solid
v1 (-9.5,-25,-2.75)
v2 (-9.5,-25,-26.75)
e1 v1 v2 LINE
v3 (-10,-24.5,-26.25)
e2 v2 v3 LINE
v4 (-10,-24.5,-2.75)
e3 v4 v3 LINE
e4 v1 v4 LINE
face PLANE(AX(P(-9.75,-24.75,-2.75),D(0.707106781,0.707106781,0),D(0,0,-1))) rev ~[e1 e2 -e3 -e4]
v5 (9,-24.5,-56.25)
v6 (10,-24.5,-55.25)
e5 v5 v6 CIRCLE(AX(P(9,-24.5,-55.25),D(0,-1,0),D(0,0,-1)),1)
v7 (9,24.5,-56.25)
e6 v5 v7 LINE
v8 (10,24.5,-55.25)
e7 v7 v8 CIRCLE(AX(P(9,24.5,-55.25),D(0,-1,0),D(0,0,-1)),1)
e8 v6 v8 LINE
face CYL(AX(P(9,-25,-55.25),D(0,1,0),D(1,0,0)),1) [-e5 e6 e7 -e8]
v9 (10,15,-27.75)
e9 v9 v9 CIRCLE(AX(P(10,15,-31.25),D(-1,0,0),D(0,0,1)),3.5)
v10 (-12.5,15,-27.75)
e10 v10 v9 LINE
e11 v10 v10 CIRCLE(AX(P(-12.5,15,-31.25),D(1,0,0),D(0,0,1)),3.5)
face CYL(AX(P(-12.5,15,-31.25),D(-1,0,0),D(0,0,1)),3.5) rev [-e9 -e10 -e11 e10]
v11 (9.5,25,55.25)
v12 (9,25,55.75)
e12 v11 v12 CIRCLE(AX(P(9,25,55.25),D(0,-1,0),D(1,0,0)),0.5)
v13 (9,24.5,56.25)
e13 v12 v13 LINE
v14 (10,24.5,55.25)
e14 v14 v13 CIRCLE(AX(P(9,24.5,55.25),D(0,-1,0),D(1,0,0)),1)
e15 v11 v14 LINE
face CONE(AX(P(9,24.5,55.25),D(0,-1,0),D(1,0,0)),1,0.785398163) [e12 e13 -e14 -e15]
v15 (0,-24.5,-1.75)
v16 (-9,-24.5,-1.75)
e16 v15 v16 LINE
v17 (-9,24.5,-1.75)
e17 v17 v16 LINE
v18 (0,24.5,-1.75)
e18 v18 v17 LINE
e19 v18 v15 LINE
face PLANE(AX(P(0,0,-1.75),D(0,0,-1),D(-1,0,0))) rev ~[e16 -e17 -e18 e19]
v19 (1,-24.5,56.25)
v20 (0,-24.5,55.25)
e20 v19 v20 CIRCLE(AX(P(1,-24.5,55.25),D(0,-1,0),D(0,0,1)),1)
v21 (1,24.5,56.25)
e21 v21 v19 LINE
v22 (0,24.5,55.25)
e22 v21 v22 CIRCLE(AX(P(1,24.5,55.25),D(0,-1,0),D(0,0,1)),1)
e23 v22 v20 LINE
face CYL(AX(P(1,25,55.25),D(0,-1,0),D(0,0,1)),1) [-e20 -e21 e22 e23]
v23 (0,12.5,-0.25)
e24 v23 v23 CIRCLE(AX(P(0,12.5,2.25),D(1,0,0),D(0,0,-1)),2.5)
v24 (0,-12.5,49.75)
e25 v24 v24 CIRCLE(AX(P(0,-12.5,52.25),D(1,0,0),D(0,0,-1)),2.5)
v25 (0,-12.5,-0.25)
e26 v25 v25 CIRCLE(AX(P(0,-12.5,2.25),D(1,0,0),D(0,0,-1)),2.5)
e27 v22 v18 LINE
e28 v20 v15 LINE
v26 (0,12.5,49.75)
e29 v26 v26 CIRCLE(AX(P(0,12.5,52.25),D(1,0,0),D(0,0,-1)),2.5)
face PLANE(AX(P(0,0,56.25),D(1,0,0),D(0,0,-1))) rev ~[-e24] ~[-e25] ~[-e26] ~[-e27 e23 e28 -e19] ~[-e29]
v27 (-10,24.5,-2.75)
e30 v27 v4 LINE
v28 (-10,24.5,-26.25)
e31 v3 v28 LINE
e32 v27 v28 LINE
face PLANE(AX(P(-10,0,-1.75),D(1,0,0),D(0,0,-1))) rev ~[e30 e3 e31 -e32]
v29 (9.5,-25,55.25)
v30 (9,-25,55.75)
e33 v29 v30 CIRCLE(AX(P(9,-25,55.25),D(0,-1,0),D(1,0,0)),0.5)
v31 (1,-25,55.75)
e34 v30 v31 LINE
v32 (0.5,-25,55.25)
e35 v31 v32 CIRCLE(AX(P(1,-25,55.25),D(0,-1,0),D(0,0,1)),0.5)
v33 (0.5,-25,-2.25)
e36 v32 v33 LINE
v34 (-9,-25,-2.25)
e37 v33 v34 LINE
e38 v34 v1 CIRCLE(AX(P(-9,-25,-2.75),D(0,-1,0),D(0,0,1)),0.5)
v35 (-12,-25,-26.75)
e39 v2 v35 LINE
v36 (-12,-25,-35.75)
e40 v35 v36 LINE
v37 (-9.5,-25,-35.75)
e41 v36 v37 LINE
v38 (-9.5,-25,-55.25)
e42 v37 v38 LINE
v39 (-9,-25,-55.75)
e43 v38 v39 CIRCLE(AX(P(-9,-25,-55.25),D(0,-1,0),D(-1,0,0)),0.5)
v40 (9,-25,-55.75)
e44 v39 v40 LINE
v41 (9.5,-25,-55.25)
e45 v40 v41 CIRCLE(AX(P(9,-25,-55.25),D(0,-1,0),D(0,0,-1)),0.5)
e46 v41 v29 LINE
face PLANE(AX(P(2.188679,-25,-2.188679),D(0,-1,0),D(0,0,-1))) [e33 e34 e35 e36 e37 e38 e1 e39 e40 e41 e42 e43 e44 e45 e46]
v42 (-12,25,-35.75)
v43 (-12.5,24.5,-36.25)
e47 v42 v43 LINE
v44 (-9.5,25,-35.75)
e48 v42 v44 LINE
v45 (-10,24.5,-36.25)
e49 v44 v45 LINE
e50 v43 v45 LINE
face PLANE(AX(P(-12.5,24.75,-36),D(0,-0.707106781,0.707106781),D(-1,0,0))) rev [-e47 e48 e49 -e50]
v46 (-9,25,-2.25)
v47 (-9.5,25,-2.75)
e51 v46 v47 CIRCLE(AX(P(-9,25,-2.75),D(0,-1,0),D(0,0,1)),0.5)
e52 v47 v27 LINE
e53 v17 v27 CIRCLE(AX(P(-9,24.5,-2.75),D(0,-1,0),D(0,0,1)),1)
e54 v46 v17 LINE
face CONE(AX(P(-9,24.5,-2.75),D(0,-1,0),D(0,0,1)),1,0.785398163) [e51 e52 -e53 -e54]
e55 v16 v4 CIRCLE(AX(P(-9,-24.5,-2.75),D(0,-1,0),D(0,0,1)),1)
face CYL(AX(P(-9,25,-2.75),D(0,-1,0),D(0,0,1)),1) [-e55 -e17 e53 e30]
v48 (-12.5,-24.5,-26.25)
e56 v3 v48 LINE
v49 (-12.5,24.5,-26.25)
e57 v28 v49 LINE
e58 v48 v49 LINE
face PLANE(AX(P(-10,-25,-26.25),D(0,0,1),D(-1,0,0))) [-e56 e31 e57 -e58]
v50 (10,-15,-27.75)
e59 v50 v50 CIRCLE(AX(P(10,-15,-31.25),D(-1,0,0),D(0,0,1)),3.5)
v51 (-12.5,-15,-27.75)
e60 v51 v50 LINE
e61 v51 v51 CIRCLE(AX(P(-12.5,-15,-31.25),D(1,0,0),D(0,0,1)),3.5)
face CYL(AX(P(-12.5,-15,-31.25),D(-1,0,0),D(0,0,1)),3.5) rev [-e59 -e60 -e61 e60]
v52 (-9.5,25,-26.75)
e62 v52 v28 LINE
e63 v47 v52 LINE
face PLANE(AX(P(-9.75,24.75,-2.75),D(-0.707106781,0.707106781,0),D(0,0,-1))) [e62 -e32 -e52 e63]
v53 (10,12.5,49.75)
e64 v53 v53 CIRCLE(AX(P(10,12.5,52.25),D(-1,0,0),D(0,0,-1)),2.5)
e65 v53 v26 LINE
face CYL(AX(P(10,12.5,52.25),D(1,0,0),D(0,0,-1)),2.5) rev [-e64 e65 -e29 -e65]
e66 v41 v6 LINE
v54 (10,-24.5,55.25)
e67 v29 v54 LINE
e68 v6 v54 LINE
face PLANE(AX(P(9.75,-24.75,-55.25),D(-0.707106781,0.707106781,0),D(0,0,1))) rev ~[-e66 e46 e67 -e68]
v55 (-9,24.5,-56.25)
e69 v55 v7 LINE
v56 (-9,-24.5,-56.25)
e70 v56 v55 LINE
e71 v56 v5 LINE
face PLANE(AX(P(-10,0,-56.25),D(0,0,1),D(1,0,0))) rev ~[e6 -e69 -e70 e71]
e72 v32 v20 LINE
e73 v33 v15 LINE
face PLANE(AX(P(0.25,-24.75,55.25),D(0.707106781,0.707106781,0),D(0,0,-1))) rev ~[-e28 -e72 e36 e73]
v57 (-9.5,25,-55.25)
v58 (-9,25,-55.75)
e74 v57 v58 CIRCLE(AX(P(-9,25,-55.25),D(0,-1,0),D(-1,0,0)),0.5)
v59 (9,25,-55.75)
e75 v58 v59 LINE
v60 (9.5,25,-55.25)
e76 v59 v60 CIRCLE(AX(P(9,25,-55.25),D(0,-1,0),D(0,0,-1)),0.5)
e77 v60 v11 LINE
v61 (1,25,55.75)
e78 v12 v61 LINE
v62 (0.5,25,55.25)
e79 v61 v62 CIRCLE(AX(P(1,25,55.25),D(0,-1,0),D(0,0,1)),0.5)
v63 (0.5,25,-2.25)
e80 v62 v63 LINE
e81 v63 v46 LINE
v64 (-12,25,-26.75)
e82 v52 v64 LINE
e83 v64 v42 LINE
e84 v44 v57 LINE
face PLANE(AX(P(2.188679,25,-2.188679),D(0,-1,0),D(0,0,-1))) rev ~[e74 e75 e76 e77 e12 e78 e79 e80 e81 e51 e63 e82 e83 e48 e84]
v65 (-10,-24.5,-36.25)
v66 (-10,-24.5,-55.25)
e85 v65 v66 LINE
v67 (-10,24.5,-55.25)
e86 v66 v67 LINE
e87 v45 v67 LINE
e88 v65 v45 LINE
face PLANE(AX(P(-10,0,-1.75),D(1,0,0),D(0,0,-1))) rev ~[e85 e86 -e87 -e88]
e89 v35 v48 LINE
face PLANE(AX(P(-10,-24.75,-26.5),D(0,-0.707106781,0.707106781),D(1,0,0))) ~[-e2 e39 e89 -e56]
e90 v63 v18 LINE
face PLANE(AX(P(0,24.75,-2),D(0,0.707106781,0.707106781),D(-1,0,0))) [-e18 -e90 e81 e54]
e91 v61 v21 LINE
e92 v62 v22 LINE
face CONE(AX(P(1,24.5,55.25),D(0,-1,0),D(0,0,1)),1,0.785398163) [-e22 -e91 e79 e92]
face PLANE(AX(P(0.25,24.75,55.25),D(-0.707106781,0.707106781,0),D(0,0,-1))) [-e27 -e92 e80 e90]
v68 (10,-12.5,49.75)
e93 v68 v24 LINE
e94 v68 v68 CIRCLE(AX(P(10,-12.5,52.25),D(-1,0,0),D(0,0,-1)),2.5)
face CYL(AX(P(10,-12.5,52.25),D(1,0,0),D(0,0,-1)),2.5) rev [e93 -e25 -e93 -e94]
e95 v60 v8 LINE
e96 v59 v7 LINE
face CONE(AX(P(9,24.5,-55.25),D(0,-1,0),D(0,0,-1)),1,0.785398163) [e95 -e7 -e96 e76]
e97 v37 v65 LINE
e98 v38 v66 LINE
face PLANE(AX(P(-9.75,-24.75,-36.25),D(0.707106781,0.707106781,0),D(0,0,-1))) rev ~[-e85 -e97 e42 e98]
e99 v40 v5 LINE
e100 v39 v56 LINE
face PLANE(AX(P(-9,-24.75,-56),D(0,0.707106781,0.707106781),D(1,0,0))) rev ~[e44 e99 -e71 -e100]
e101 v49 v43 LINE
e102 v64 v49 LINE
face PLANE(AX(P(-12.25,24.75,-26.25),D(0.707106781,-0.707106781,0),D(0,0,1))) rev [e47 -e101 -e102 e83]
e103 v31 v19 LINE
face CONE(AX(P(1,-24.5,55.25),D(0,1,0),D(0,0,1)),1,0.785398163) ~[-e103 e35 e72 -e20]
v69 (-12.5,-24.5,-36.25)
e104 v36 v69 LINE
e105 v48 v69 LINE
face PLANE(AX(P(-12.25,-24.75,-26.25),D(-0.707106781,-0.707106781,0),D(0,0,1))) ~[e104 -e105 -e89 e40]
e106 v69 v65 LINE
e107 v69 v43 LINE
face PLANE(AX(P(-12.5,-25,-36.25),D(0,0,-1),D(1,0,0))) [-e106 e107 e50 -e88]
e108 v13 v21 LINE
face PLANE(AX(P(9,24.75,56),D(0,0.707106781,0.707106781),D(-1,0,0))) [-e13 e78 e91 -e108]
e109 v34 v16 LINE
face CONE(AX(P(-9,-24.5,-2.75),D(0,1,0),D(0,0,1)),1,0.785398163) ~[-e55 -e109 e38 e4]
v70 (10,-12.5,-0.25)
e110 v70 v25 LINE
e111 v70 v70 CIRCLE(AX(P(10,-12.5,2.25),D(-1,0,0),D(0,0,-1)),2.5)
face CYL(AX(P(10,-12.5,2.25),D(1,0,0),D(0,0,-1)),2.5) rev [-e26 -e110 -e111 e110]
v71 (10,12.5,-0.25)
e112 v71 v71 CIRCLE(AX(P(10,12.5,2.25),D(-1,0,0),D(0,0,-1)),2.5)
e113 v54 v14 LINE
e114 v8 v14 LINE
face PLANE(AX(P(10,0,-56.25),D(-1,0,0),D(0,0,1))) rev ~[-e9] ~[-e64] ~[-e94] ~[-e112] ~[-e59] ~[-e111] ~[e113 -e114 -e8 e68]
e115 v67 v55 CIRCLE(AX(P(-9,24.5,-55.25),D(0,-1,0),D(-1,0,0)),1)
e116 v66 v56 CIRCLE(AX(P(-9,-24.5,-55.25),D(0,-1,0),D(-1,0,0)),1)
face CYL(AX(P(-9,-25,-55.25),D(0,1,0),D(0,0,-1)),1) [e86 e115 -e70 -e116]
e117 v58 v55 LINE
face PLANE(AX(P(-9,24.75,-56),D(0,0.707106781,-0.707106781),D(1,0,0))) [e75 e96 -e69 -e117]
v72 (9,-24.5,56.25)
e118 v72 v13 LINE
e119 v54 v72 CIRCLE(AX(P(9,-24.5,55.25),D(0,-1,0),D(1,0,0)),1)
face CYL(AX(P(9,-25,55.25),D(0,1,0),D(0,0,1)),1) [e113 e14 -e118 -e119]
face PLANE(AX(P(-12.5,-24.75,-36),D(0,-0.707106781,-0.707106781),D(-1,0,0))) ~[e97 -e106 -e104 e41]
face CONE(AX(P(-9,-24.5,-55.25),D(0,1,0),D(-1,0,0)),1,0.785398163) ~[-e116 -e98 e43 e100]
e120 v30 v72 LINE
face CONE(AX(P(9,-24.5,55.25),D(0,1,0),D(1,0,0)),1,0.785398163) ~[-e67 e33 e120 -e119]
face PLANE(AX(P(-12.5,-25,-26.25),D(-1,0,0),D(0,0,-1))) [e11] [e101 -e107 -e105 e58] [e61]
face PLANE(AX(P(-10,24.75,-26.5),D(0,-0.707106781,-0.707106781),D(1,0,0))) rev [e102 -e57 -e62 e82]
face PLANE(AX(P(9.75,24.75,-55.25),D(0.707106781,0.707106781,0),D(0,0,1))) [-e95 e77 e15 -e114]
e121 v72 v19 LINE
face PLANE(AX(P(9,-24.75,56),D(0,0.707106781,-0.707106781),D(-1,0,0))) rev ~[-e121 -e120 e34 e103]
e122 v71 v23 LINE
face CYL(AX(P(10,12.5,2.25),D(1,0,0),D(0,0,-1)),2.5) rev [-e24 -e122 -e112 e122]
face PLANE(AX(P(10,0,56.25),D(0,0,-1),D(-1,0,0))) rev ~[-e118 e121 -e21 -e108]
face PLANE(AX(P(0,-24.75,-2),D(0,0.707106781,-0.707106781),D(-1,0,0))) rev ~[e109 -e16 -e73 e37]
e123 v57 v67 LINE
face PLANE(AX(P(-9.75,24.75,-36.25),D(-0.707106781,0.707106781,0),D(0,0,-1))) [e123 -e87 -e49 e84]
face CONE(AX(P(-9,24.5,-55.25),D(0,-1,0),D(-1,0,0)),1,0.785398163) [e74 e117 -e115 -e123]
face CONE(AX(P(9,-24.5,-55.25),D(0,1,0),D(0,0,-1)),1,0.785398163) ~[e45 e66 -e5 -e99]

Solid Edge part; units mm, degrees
sketch "Sketch1" plane through (0, 0, 0) normal (0, -1, 0) x (1, 0, 0)
  line L0 (10, 56.25) -> (0, 56.25)
  line L1 (0, 56.25) -> (0, -1.75)
  line L2 (0, -1.75) -> (-10, -1.75)
  line L3 (-10, -1.75) -> (-10, -56.25)
  line L4 (-10, -56.25) -> (10, -56.25)
  line L5 (10, -56.25) -> (10, 56.25)
extrude "Extrusionsausprägung_20" add sketch "Sketch1" along normal mid plane 50
hole "Bohrung_4" at (10, -12.5, 52.25) direction (-1, 0, 0) diameter 5 end up to next
hole "Hole1" at (10, 12.5, 52.25) direction (-1, 0, 0) diameter 5 end up to next
hole "Hole2" at (10, 12.5, 2.25) direction (-1, 0, 0) diameter 5 end up to next
hole "Hole3" at (10, -12.5, 2.25) direction (-1, 0, 0) diameter 5 end up to next
sketch "Sketch2" plane through (0, -25, 0) normal (0, -1, 0) x (0, 0, -1)
  line L0 (26.25, -12.5) -> (36.25, -12.5)
  line L1 (36.25, -12.5) -> (36.25, -10)
  line L2 (36.25, -10) -> (26.25, -10)
  line L3 (26.25, -10) -> (26.25, -12.5)
extrude "Protrusion1" add sketch "Sketch2" against normal up to vertex (50 mm away)
hole "Bohrung_8" at (-12.5, -15, -31.25) direction (1, 0, 0) diameter 7 end up to next
hole "Hole4" at (-12.5, 15, -31.25) direction (1, 0, 0) diameter 7 end up to next
fillet "Verrundung_15" radius 1 5 edges at (-10, 0, -56.25) (10, 0, -56.25) (10, 0, 56.25) (0, 0, 56.25) (-10, 0, -1.75)
chamfer "Fase_9" distance 0.5 angle 45 30 edges at (-4.5, -25, -1.75) (-9.7071, -25, -2.0429) (-10, -25, -14.5) (-11.25, -25, -26.25) (-12.5, -25, -31.25) (-11.25, -25, -36.25) (-10, -25, -45.75) (-9.7071, -25, -55.9571) (0, -25, -56.25) (9.7071, -25, -55.9571) (10, -25, 0) (9.7071, -25, 55.9571) (5, -25, 56.25) (0.2929, -25, 55.9571) (0, -25, 26.75) (-10, 25, -14.5) (-9.7071, 25, -2.0429) (-4.5, 25, -1.75) (0, 25, 26.75) (0.2929, 25, 55.9571) (5, 25, 56.25) (9.7071, 25, 55.9571) (10, 25, 0) (9.7071, 25, -55.9571) (0, 25, -56.25) (-9.7071, 25, -55.9571) (-10, 25, -45.75) (-11.25, 25, -36.25) (-12.5, 25, -31.25) (-11.25, 25, -26.25)
